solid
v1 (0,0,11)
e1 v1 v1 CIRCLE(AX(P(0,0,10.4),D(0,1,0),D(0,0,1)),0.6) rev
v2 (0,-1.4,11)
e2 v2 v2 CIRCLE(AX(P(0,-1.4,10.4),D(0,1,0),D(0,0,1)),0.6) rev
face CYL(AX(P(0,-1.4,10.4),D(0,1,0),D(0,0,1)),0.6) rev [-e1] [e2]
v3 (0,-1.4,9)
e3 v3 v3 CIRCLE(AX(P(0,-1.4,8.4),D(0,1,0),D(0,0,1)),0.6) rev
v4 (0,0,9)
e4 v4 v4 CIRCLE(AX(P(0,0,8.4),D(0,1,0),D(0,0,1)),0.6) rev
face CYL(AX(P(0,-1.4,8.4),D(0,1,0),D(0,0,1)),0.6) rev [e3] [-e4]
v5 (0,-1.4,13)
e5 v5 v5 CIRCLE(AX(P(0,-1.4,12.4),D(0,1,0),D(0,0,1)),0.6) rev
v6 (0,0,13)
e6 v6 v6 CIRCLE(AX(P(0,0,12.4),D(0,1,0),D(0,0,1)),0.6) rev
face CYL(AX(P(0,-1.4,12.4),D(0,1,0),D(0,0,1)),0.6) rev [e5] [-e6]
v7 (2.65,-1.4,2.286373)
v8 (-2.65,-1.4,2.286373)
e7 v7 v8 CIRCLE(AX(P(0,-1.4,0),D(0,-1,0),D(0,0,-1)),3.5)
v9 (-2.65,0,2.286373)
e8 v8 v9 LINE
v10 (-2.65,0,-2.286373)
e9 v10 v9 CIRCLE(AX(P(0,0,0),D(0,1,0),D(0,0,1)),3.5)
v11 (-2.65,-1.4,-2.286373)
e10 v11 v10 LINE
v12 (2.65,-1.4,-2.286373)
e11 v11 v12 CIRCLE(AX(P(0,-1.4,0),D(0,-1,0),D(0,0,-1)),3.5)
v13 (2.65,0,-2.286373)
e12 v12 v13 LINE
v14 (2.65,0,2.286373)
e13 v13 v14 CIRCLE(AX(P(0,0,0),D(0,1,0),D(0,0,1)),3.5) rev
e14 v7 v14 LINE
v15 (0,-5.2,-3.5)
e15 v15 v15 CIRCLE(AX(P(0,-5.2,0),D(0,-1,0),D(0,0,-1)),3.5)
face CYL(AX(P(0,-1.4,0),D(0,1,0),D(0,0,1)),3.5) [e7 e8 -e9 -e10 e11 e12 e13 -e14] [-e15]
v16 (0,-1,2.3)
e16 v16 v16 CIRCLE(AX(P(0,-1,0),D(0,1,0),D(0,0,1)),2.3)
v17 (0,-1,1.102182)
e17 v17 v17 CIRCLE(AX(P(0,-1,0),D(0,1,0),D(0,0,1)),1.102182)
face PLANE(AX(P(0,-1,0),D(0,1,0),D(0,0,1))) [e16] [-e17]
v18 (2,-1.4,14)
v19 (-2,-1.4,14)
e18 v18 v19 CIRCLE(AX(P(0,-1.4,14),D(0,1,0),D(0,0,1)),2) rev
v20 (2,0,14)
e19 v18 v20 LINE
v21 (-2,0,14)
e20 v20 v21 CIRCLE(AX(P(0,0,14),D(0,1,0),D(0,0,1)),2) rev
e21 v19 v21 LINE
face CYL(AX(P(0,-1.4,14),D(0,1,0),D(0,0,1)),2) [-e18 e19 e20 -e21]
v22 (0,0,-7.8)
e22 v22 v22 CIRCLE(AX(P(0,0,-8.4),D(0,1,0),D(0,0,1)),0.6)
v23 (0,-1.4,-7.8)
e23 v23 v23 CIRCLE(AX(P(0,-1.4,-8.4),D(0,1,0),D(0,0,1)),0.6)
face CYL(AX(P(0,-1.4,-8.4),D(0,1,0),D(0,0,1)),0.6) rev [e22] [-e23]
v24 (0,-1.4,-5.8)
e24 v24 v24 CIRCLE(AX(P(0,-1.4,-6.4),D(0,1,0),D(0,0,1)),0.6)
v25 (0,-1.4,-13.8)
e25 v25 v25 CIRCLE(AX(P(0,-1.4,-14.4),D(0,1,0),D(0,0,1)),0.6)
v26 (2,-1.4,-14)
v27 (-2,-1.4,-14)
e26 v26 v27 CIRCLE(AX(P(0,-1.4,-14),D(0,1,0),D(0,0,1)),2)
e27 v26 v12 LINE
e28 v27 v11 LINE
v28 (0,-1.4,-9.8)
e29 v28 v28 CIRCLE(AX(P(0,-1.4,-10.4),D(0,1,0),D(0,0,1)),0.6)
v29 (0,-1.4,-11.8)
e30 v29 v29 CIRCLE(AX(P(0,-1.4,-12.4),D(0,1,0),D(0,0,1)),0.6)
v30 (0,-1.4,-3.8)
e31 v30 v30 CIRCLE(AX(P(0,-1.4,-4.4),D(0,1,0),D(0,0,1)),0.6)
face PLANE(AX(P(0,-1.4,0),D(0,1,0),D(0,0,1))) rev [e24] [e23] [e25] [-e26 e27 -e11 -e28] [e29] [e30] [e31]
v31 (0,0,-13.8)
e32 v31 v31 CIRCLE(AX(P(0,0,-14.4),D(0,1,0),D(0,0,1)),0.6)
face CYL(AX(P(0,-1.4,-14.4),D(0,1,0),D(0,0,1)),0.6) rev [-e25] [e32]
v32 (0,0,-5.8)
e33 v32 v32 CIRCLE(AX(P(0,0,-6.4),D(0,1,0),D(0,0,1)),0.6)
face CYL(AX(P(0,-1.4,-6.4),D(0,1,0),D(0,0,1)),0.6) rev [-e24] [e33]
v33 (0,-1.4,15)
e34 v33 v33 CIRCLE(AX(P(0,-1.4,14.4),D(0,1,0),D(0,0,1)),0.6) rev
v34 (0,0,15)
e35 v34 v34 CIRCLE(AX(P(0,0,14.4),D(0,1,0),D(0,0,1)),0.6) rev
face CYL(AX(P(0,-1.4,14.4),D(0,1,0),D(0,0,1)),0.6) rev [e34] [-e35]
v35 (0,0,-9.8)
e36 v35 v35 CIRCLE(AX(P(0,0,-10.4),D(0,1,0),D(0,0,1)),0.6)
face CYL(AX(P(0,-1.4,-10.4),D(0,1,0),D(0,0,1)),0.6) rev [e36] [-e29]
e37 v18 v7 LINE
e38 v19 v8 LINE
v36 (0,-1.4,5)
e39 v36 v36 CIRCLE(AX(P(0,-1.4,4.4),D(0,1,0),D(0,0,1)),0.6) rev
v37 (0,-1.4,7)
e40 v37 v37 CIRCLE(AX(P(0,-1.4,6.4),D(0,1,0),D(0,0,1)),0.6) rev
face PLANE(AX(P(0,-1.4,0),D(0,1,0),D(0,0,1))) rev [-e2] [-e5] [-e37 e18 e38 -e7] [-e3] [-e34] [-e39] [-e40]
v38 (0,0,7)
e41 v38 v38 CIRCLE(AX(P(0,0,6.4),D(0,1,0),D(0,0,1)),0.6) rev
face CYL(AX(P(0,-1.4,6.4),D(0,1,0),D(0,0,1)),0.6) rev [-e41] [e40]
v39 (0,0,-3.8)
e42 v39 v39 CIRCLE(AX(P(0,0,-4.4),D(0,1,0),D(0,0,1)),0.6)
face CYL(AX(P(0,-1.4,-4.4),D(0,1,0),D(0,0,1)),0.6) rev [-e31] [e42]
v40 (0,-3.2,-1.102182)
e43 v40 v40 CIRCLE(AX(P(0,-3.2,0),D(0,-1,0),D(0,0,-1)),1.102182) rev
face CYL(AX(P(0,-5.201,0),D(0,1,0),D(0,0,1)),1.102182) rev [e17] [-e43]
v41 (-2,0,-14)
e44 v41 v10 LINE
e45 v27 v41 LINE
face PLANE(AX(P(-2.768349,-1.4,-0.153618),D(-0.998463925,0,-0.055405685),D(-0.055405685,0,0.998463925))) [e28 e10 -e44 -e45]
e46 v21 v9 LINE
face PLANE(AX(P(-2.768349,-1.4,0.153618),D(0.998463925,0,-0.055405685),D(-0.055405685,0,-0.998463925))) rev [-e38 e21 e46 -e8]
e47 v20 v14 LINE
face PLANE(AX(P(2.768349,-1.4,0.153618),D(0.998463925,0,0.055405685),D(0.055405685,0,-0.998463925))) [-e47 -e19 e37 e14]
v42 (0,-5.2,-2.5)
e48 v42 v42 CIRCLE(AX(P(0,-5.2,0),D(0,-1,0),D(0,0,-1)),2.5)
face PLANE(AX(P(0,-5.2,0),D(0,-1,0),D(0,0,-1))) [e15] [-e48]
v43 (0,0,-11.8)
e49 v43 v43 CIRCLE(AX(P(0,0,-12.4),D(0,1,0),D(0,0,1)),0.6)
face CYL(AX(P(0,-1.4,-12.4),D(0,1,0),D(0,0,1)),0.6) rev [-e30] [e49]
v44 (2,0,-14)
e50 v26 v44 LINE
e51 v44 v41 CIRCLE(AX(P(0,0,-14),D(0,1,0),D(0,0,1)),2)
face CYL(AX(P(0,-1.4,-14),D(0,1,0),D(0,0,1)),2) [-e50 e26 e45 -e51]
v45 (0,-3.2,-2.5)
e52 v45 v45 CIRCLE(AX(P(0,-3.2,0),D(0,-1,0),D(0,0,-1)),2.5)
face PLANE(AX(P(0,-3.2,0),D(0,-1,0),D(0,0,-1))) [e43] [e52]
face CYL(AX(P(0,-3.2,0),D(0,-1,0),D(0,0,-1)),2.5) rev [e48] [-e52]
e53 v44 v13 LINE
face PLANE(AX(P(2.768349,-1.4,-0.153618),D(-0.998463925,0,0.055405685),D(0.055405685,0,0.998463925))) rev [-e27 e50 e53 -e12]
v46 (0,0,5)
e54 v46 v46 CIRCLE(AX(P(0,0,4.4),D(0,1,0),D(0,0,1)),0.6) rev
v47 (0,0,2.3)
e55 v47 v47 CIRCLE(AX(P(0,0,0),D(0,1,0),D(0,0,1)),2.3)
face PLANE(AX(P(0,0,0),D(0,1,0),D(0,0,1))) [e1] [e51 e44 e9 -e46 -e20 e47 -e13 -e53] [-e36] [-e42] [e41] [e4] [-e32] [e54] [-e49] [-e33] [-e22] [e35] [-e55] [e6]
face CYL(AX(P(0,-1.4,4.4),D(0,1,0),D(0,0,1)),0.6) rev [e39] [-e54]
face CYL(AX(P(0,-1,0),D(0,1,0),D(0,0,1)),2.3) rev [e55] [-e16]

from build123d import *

# Parameters (mm, degrees)
SKETCH1_R           = 0.6
BOSS_EXTRUDE1_DEPTH = 1.4
SKETCH2_R           = 3.5
BOSS_EXTRUDE2_DEPTH = 3.8
SKETCH3_R           = 2.3
CUT_EXTRUDE1_DEPTH  = 1
SKETCH4_R           = 2.5
CUT_EXTRUDE2_DEPTH  = 2
CUT_EXTRUDE3_REACH  = 18.908
SKETCH5_R           = 1.102182138


with BuildPart() as part:
    # Sketch1 → Boss-Extrude1 (new body)
    with BuildSketch(Plane(origin=(0, 0, 0), x_dir=(1, 0, 0), z_dir=(0, 1, 0))):
        with BuildLine():
            ThreePointArc((2.65, 2.286372673), (3.5, 0), (2.65, -2.286372673))
            Line((2.65, -2.286372673), (2, -14))
            ThreePointArc((2, -14), (0, -16), (-2, -14))
            Line((-2, -14), (-2.65, -2.286372673))
            ThreePointArc((-2.65, -2.286372673), (-3.5, 0), (-2.65, 2.286372673))
            Line((-2.65, 2.286372673), (-2, 14))
            ThreePointArc((-2, 14), (0, 16), (2, 14))
            Line((2, 14), (2.65, 2.286372673))
        make_face()
        with Locations(Location((0, -12.4, 0), (0, 0, 270))):
            Circle(SKETCH1_R, mode=Mode.SUBTRACT)
        with Locations(Location((0, -8.4, 0), (0, 0, 270))):
            Circle(SKETCH1_R, mode=Mode.SUBTRACT)
        with Locations(Location((0, -4.4, 0), (0, 0, 270))):
            Circle(SKETCH1_R, mode=Mode.SUBTRACT)
        with Locations(Location((0, 4.4, 0), (0, 0, 270))):
            Circle(SKETCH1_R, mode=Mode.SUBTRACT)
        with Locations(Location((0, 6.4, 0), (0, 0, 270))):
            Circle(SKETCH1_R, mode=Mode.SUBTRACT)
        with Locations(Location((0, 8.4, 0), (0, 0, 270))):
            Circle(SKETCH1_R, mode=Mode.SUBTRACT)
        with Locations(Location((0, 10.4, 0), (0, 0, 270))):
            Circle(SKETCH1_R, mode=Mode.SUBTRACT)
        with Locations(Location((0, 12.4, 0), (0, 0, 270))):
            Circle(SKETCH1_R, mode=Mode.SUBTRACT)
        with Locations(Location((0, 14.4, 0), (0, 0, 270))):
            Circle(SKETCH1_R, mode=Mode.SUBTRACT)
        with Locations(Location((0, -6.4, 0), (0, 0, 270))):
            Circle(SKETCH1_R, mode=Mode.SUBTRACT)
        with Locations(Location((0, -10.4, 0), (0, 0, 270))):
            Circle(SKETCH1_R, mode=Mode.SUBTRACT)
        with Locations(Location((0, -14.4, 0), (0, 0, 270))):
            Circle(SKETCH1_R, mode=Mode.SUBTRACT)
    extrude(amount=-BOSS_EXTRUDE1_DEPTH)

    # Sketch2 → Boss-Extrude2 (add)
    with BuildSketch(Plane(origin=(0, -1.4, 0), x_dir=(-1, 0, 0), z_dir=(0, -1, 0))):
        with Locations(Location((0, 0, 0), (0, 0, 319.212961807))):
            Circle(SKETCH2_R)
    extrude(amount=BOSS_EXTRUDE2_DEPTH)

    # Sketch3 → Cut-Extrude1 (cut)
    with BuildSketch(Plane(origin=(0, 0, 0), x_dir=(1, 0, 0), z_dir=(0, 1, 0))):
        with Locations(Location((0, 0, 0), (0, 0, 270))):
            Circle(SKETCH3_R)
    extrude(amount=-CUT_EXTRUDE1_DEPTH, mode=Mode.SUBTRACT)

    # Sketch4 → Cut-Extrude2 (cut)
    with BuildSketch(Plane(origin=(0, -5.2, 0), x_dir=(-1, 0, 0), z_dir=(0, -1, 0))):
        with Locations(Location((0, 0, 0), (0, 0, 90))):
            Circle(SKETCH4_R)
    extrude(amount=-CUT_EXTRUDE2_DEPTH, mode=Mode.SUBTRACT)

    # Sketch5 → Cut-Extrude3 (cut, up to next)
    with BuildSketch(Plane(origin=(0, -1, 0), x_dir=(1, 0, 0), z_dir=(0, 1, 0)), mode=Mode.PRIVATE) as cut_extrude3_sk1:
        with Locations(Location((0, 0, 0), (0, 0, 270))):
            Circle(SKETCH5_R)
    cut_extrude3_tool1 = extrude(cut_extrude3_sk1.sketch, amount=-CUT_EXTRUDE3_REACH, mode=Mode.PRIVATE) & part.part
    add(cut_extrude3_tool1.solids().sort_by_distance((0, -1, 0))[0], mode=Mode.SUBTRACT)


solid = part.part
